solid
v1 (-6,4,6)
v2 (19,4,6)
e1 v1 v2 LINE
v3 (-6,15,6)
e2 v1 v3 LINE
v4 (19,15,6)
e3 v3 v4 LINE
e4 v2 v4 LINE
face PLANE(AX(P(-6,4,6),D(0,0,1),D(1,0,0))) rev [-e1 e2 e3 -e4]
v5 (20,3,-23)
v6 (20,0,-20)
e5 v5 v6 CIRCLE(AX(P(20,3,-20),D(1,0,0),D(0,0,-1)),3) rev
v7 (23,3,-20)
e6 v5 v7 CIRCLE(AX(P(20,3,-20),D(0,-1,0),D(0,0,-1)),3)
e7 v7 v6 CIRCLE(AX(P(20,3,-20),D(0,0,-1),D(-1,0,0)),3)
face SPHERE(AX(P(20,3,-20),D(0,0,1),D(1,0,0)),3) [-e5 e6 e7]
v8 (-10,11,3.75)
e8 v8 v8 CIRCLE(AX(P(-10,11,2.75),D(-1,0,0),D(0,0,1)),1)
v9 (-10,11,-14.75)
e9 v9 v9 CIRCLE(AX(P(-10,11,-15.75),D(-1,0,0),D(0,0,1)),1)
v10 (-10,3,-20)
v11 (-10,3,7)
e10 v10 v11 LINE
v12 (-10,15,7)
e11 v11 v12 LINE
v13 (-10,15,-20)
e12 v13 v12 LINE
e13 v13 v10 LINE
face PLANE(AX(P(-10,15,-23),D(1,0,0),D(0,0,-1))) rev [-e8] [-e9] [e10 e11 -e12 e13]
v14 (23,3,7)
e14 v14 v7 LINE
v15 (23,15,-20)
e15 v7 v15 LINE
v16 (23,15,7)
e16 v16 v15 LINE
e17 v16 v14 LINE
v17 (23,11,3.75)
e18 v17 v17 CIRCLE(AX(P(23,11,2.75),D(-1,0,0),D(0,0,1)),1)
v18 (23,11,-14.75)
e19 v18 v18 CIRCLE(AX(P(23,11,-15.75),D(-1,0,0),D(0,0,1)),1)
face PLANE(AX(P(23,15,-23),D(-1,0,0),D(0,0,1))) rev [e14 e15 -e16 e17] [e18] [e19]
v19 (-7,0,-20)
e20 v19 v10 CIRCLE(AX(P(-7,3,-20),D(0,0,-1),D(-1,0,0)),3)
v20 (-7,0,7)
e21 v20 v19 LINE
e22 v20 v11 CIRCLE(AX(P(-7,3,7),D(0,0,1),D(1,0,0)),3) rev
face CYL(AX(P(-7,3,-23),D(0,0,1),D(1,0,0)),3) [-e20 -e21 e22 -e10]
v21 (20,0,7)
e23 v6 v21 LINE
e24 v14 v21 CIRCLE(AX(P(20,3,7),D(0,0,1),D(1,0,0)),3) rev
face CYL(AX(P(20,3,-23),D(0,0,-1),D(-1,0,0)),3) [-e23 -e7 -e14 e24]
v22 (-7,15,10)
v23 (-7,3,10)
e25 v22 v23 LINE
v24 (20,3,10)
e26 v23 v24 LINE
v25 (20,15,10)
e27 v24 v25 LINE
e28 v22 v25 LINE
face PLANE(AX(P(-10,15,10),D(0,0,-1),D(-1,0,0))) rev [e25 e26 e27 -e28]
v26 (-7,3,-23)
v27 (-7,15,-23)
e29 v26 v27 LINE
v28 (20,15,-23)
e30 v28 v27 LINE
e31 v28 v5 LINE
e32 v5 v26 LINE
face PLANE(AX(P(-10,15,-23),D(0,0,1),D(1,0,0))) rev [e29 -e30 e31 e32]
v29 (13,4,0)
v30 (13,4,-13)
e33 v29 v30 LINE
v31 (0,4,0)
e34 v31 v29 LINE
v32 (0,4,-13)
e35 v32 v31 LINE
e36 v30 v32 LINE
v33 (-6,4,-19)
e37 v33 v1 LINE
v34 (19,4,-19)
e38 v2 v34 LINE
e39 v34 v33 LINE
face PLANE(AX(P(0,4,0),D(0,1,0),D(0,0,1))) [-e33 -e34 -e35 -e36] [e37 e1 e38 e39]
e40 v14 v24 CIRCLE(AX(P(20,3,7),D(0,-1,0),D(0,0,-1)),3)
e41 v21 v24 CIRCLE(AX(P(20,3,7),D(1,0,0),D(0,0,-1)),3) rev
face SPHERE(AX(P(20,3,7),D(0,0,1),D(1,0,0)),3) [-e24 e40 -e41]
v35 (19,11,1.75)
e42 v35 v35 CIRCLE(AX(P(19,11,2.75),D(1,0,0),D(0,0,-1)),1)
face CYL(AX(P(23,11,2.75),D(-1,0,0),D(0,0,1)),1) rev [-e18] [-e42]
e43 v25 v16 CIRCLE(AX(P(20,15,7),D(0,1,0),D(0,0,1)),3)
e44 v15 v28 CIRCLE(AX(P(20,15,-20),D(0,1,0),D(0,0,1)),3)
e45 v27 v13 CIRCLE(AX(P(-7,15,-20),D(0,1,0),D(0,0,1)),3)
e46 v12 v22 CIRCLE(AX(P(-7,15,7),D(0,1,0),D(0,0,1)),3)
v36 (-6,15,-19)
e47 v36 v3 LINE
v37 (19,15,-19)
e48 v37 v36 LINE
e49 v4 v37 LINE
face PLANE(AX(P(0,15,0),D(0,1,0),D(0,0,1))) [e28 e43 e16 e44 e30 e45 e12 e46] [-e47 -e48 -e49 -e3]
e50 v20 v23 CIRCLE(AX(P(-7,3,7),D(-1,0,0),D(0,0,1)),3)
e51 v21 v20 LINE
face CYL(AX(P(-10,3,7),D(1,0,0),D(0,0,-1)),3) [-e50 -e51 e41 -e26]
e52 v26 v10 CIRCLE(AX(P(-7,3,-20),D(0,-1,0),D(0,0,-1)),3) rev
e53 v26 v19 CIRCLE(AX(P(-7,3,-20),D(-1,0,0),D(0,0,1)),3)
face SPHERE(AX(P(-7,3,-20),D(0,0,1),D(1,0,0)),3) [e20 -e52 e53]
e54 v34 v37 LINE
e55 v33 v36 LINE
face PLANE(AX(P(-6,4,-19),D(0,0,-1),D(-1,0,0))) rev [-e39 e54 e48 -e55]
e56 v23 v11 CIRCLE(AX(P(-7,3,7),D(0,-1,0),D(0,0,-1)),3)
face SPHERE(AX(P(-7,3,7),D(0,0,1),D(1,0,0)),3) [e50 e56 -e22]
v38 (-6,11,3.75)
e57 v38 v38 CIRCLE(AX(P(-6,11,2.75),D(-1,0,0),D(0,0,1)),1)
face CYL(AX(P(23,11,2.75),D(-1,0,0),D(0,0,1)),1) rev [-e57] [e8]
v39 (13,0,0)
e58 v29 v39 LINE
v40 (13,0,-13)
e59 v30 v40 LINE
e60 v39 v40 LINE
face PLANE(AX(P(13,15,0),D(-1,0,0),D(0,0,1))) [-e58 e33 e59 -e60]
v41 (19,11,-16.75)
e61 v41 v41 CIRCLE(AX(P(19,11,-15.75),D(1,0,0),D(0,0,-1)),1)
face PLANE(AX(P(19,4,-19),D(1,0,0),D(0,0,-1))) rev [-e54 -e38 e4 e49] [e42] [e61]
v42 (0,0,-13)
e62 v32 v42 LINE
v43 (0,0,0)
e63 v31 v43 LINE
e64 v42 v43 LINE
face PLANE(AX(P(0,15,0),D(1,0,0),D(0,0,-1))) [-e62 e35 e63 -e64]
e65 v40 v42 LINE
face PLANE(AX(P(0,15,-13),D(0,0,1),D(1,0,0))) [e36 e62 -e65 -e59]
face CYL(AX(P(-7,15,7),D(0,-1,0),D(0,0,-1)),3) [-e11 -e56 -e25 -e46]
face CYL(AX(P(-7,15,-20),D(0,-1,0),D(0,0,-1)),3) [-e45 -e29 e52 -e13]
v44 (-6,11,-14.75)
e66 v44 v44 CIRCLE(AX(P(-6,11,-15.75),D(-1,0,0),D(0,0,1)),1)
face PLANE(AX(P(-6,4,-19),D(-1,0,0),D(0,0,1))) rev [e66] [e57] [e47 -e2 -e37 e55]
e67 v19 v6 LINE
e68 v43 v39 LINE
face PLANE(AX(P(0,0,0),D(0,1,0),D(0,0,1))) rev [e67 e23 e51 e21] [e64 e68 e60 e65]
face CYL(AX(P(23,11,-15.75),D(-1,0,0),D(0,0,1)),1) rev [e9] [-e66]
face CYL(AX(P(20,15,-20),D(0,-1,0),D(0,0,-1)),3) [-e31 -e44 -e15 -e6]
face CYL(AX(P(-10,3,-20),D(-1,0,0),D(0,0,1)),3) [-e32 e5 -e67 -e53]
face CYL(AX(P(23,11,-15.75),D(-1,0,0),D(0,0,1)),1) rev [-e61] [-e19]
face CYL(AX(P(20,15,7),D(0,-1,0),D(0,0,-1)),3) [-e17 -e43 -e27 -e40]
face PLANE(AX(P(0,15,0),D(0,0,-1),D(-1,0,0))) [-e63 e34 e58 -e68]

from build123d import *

# Parameters (mm, degrees)
SKETCH_1_W          = 33
SKETCH_1_H          = 33
SKETCH_1_W_2        = 13
SKETCH_1_H_2        = 13
EXTRUDE_1_DEPTH     = 15
SKETCH_2_W          = 25
SKETCH_2_H          = 25
CUT_EXTRUDE_1_DEPTH = 11
FILLET_3_R          = 3
SKETCH_4_R          = 1
CUT_EXTRUDE_2_DEPTH = 43.930175867


with BuildPart() as part:
    # Эскиз1 → Бобышка-Вытянуть1 (new body)
    with BuildSketch(Plane(origin=(0, 0, 0), x_dir=(1, 0, 0), z_dir=(0, 1, 0))):
        with Locations((6.5, 6.5)):
            Rectangle(SKETCH_1_W, SKETCH_1_H)
        with Locations((6.5, 6.5)):
            Rectangle(SKETCH_1_W_2, SKETCH_1_H_2, mode=Mode.SUBTRACT)
    extrude(amount=EXTRUDE_1_DEPTH)

    # Эскиз2 → Вырез-Вытянуть1 (cut)
    with BuildSketch(Plane(origin=(0, 15, 0), x_dir=(1, 0, 0), z_dir=(0, 1, 0))):
        with Locations((6.5, 6.5)):
            Rectangle(SKETCH_2_W, SKETCH_2_H)
    extrude(amount=-CUT_EXTRUDE_1_DEPTH, mode=Mode.SUBTRACT)

    # Скругление3
    fillet_3_edges = [part.edges().sort_by_distance(p)[0] for p in [
        (6.5, 0, -23),
        (23, 0, -6.5),
        (6.5, 0, 10),
        (-10, 0, -6.5),
        (-10, 7.5, -23),
        (23, 7.5, -23),
        (23, 7.5, 10),
        (-10, 7.5, 10),
    ]]
    fillet(fillet_3_edges, radius=FILLET_3_R)

    # Эскиз4 → Вырез-Вытянуть2 (cut, through all)
    with BuildSketch(Plane.ZY.offset(10)):
        with Locations((2.75, 11)):
            Circle(SKETCH_4_R)
        with Locations((-15.75, 11)):
            Circle(SKETCH_4_R)
    extrude(amount=-CUT_EXTRUDE_2_DEPTH, mode=Mode.SUBTRACT)


solid = part.part
